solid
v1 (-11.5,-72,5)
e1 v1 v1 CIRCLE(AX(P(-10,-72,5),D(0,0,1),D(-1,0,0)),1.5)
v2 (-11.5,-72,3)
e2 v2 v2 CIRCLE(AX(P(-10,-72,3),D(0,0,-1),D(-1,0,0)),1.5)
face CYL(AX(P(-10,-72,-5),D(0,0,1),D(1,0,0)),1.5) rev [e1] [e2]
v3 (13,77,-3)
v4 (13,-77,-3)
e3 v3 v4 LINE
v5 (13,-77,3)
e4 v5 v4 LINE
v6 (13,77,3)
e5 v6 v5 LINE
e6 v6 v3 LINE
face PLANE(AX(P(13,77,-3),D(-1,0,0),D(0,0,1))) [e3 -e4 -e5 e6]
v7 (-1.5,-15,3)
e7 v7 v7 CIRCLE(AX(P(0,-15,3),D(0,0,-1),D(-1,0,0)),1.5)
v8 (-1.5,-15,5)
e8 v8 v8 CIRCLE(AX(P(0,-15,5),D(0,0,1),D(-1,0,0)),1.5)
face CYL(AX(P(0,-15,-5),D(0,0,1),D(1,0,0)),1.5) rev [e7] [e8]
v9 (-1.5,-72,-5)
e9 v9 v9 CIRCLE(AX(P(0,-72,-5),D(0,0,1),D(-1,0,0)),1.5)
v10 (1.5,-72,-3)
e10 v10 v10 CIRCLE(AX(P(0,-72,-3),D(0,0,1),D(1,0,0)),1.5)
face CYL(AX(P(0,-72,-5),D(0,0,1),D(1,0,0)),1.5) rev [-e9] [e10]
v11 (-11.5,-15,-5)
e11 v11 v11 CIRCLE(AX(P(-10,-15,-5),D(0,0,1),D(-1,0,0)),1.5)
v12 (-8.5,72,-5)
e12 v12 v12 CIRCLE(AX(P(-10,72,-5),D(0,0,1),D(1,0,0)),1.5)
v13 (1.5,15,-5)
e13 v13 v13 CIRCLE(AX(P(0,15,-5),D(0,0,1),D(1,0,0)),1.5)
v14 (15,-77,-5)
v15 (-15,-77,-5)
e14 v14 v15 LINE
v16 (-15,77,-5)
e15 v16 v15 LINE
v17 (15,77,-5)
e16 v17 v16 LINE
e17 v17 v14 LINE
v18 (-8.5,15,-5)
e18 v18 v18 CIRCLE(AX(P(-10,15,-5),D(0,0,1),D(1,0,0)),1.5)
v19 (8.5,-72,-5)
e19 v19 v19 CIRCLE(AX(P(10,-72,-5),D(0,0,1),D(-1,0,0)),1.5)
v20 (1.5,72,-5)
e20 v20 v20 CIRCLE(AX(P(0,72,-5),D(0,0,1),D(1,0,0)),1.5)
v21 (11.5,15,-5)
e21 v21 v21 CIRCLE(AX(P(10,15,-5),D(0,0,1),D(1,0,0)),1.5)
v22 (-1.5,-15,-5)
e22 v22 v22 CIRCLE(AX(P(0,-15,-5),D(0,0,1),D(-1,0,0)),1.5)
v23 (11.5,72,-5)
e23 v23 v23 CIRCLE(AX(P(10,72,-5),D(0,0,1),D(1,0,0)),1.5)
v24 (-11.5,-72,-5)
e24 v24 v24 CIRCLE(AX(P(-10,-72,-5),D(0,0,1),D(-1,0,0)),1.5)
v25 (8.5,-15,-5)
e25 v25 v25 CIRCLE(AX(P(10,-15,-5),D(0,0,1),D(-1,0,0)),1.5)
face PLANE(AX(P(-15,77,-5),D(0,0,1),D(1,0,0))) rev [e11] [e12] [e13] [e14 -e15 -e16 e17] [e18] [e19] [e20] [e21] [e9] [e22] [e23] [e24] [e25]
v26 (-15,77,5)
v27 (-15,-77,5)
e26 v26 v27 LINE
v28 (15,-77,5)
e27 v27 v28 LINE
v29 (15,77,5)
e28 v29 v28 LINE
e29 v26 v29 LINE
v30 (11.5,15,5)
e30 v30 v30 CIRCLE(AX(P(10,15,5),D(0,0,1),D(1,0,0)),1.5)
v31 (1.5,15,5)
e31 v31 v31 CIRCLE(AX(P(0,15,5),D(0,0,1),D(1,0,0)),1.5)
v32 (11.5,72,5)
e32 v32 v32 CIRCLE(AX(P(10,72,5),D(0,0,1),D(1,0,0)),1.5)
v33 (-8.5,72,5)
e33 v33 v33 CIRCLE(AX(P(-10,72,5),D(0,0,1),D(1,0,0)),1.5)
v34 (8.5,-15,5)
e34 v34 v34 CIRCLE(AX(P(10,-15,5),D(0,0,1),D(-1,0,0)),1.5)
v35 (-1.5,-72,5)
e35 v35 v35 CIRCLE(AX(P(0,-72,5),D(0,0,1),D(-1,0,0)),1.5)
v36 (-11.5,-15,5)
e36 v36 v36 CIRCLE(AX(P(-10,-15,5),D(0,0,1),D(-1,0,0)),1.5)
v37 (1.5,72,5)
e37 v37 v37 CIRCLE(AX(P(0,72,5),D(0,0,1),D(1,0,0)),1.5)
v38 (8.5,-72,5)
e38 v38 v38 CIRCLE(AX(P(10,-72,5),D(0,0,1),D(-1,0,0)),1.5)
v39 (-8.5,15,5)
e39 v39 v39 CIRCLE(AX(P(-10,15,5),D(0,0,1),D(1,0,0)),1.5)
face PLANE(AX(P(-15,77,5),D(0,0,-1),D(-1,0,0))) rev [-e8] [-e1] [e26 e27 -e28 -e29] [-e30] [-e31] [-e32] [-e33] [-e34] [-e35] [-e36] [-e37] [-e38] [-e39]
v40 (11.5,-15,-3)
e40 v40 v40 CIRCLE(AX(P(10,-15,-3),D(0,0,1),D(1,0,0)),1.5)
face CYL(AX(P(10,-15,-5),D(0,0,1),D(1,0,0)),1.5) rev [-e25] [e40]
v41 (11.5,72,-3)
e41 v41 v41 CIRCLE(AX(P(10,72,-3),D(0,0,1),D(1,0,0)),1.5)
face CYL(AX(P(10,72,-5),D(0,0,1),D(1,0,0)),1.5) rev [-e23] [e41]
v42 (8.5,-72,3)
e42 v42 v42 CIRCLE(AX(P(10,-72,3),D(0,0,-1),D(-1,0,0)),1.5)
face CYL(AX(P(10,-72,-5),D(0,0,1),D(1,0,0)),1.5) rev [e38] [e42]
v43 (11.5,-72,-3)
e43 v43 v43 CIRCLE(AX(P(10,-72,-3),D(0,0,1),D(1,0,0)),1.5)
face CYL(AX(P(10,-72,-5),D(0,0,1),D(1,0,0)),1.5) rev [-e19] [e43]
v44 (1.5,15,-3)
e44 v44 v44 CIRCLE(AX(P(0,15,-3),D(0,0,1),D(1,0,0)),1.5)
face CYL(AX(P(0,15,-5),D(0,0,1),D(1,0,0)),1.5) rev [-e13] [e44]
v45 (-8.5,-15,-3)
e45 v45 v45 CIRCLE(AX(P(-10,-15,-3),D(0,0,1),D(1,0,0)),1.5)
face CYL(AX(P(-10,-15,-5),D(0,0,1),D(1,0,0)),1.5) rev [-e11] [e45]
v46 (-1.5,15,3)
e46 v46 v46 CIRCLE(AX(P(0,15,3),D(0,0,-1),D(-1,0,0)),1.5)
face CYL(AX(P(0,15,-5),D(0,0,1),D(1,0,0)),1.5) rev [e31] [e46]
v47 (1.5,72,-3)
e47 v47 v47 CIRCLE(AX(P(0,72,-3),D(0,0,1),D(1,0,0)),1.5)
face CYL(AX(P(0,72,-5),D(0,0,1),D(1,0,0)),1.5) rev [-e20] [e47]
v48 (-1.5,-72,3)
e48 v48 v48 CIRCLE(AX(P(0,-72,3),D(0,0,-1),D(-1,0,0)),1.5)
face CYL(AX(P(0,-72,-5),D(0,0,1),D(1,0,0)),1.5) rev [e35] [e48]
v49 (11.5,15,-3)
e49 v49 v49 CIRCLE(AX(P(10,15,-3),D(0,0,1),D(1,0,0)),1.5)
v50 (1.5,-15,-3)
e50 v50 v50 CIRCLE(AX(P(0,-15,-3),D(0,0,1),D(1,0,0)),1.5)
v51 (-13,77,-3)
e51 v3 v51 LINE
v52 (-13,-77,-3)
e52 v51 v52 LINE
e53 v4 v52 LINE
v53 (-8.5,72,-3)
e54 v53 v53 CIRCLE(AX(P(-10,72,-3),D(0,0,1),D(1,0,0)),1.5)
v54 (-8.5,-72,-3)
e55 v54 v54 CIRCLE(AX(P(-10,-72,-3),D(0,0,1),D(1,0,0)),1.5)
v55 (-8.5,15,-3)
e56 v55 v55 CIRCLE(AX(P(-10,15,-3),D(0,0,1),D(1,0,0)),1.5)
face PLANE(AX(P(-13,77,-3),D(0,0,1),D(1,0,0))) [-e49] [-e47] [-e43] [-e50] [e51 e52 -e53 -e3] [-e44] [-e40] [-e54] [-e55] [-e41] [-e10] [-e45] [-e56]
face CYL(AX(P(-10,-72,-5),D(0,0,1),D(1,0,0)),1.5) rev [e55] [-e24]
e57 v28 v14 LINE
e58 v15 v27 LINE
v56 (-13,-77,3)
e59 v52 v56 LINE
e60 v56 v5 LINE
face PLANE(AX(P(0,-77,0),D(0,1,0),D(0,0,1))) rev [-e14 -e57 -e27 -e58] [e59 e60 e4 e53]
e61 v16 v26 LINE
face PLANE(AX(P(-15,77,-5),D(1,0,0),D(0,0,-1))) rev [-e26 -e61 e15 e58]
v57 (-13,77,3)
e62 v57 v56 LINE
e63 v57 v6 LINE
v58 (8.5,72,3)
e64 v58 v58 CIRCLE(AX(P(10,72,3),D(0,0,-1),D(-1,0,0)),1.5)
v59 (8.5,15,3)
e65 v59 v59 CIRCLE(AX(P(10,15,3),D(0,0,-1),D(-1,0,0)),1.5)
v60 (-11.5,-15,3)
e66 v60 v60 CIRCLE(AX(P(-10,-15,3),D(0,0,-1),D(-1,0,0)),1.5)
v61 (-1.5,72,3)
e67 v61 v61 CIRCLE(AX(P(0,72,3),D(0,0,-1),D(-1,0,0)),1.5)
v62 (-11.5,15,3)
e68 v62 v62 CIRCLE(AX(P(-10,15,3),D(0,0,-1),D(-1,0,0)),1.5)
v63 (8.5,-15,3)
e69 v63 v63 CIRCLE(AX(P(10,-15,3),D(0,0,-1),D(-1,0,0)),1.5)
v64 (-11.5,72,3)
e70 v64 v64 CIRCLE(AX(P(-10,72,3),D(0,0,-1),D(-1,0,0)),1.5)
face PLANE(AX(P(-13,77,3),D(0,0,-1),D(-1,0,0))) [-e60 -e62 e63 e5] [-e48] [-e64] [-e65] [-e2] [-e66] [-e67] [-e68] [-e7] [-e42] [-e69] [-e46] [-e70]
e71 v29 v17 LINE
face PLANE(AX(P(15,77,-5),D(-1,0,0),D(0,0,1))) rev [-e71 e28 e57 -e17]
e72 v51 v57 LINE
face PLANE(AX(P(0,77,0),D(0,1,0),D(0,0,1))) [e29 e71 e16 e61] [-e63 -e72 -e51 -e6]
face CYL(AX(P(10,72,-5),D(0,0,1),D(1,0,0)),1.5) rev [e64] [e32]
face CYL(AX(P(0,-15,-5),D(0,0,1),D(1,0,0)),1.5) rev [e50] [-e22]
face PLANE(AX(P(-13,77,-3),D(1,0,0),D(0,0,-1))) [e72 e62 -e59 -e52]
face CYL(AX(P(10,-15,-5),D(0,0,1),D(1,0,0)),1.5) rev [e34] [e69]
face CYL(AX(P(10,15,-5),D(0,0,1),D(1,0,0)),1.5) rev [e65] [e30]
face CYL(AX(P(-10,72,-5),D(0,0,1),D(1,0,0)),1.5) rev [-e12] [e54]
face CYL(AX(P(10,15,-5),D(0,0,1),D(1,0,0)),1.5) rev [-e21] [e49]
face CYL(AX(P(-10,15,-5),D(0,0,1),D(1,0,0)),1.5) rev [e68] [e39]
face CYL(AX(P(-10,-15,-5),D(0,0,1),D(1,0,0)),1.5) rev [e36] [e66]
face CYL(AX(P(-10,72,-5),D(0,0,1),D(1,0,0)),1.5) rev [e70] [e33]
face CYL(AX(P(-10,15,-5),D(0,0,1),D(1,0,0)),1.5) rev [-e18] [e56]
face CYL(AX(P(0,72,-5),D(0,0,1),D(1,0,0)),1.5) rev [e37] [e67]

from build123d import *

# Parameters (mm, degrees)
SKETCH_1_W          = 30
SKETCH_1_H          = 10
SKETCH_1_W_2        = 26
SKETCH_1_H_2        = 6
EXTRUDE_1_DEPTH     = 77
SKETCH_2_R          = 1.5
CUT_EXTRUDE_1_DEPTH = 80.082235679


with BuildPart() as part:
    # 草图1 → 凸台-拉伸1 (new, symmetric)
    with BuildSketch(Plane(origin=(0, 0, 0), x_dir=(1, 0, 0), z_dir=(0, 1, 0))):
        Rectangle(SKETCH_1_W, SKETCH_1_H)
        Rectangle(SKETCH_1_W_2, SKETCH_1_H_2, mode=Mode.SUBTRACT)
    extrude(amount=EXTRUDE_1_DEPTH, both=True)

    # 草图2 → 切除-拉伸1 (cut, through all)
    with BuildSketch(Plane.XY.offset(5)):
        with Locations((10, 15)):
            Circle(SKETCH_2_R)
        with Locations((-10, 15)):
            Circle(SKETCH_2_R)
        with Locations((0, 15)):
            Circle(SKETCH_2_R)
        with Locations(Location((10, -15, 0), (0, 0, 180))):
            Circle(SKETCH_2_R)
        with Locations(Location((0, -15, 0), (0, 0, 180))):
            Circle(SKETCH_2_R)
        with Locations(Location((-10, -15, 0), (0, 0, 180))):
            Circle(SKETCH_2_R)
        with Locations((10, 72)):
            Circle(SKETCH_2_R)
        with Locations((-10, 72)):
            Circle(SKETCH_2_R)
        with Locations((0, 72)):
            Circle(SKETCH_2_R)
        with Locations(Location((-10, -72, 0), (0, 0, 180))):
            Circle(SKETCH_2_R)
        with Locations(Location((0, -72, 0), (0, 0, 180))):
            Circle(SKETCH_2_R)
        with Locations(Location((10, -72, 0), (0, 0, 180))):
            Circle(SKETCH_2_R)
    extrude(amount=-CUT_EXTRUDE_1_DEPTH, mode=Mode.SUBTRACT)


solid = part.part
